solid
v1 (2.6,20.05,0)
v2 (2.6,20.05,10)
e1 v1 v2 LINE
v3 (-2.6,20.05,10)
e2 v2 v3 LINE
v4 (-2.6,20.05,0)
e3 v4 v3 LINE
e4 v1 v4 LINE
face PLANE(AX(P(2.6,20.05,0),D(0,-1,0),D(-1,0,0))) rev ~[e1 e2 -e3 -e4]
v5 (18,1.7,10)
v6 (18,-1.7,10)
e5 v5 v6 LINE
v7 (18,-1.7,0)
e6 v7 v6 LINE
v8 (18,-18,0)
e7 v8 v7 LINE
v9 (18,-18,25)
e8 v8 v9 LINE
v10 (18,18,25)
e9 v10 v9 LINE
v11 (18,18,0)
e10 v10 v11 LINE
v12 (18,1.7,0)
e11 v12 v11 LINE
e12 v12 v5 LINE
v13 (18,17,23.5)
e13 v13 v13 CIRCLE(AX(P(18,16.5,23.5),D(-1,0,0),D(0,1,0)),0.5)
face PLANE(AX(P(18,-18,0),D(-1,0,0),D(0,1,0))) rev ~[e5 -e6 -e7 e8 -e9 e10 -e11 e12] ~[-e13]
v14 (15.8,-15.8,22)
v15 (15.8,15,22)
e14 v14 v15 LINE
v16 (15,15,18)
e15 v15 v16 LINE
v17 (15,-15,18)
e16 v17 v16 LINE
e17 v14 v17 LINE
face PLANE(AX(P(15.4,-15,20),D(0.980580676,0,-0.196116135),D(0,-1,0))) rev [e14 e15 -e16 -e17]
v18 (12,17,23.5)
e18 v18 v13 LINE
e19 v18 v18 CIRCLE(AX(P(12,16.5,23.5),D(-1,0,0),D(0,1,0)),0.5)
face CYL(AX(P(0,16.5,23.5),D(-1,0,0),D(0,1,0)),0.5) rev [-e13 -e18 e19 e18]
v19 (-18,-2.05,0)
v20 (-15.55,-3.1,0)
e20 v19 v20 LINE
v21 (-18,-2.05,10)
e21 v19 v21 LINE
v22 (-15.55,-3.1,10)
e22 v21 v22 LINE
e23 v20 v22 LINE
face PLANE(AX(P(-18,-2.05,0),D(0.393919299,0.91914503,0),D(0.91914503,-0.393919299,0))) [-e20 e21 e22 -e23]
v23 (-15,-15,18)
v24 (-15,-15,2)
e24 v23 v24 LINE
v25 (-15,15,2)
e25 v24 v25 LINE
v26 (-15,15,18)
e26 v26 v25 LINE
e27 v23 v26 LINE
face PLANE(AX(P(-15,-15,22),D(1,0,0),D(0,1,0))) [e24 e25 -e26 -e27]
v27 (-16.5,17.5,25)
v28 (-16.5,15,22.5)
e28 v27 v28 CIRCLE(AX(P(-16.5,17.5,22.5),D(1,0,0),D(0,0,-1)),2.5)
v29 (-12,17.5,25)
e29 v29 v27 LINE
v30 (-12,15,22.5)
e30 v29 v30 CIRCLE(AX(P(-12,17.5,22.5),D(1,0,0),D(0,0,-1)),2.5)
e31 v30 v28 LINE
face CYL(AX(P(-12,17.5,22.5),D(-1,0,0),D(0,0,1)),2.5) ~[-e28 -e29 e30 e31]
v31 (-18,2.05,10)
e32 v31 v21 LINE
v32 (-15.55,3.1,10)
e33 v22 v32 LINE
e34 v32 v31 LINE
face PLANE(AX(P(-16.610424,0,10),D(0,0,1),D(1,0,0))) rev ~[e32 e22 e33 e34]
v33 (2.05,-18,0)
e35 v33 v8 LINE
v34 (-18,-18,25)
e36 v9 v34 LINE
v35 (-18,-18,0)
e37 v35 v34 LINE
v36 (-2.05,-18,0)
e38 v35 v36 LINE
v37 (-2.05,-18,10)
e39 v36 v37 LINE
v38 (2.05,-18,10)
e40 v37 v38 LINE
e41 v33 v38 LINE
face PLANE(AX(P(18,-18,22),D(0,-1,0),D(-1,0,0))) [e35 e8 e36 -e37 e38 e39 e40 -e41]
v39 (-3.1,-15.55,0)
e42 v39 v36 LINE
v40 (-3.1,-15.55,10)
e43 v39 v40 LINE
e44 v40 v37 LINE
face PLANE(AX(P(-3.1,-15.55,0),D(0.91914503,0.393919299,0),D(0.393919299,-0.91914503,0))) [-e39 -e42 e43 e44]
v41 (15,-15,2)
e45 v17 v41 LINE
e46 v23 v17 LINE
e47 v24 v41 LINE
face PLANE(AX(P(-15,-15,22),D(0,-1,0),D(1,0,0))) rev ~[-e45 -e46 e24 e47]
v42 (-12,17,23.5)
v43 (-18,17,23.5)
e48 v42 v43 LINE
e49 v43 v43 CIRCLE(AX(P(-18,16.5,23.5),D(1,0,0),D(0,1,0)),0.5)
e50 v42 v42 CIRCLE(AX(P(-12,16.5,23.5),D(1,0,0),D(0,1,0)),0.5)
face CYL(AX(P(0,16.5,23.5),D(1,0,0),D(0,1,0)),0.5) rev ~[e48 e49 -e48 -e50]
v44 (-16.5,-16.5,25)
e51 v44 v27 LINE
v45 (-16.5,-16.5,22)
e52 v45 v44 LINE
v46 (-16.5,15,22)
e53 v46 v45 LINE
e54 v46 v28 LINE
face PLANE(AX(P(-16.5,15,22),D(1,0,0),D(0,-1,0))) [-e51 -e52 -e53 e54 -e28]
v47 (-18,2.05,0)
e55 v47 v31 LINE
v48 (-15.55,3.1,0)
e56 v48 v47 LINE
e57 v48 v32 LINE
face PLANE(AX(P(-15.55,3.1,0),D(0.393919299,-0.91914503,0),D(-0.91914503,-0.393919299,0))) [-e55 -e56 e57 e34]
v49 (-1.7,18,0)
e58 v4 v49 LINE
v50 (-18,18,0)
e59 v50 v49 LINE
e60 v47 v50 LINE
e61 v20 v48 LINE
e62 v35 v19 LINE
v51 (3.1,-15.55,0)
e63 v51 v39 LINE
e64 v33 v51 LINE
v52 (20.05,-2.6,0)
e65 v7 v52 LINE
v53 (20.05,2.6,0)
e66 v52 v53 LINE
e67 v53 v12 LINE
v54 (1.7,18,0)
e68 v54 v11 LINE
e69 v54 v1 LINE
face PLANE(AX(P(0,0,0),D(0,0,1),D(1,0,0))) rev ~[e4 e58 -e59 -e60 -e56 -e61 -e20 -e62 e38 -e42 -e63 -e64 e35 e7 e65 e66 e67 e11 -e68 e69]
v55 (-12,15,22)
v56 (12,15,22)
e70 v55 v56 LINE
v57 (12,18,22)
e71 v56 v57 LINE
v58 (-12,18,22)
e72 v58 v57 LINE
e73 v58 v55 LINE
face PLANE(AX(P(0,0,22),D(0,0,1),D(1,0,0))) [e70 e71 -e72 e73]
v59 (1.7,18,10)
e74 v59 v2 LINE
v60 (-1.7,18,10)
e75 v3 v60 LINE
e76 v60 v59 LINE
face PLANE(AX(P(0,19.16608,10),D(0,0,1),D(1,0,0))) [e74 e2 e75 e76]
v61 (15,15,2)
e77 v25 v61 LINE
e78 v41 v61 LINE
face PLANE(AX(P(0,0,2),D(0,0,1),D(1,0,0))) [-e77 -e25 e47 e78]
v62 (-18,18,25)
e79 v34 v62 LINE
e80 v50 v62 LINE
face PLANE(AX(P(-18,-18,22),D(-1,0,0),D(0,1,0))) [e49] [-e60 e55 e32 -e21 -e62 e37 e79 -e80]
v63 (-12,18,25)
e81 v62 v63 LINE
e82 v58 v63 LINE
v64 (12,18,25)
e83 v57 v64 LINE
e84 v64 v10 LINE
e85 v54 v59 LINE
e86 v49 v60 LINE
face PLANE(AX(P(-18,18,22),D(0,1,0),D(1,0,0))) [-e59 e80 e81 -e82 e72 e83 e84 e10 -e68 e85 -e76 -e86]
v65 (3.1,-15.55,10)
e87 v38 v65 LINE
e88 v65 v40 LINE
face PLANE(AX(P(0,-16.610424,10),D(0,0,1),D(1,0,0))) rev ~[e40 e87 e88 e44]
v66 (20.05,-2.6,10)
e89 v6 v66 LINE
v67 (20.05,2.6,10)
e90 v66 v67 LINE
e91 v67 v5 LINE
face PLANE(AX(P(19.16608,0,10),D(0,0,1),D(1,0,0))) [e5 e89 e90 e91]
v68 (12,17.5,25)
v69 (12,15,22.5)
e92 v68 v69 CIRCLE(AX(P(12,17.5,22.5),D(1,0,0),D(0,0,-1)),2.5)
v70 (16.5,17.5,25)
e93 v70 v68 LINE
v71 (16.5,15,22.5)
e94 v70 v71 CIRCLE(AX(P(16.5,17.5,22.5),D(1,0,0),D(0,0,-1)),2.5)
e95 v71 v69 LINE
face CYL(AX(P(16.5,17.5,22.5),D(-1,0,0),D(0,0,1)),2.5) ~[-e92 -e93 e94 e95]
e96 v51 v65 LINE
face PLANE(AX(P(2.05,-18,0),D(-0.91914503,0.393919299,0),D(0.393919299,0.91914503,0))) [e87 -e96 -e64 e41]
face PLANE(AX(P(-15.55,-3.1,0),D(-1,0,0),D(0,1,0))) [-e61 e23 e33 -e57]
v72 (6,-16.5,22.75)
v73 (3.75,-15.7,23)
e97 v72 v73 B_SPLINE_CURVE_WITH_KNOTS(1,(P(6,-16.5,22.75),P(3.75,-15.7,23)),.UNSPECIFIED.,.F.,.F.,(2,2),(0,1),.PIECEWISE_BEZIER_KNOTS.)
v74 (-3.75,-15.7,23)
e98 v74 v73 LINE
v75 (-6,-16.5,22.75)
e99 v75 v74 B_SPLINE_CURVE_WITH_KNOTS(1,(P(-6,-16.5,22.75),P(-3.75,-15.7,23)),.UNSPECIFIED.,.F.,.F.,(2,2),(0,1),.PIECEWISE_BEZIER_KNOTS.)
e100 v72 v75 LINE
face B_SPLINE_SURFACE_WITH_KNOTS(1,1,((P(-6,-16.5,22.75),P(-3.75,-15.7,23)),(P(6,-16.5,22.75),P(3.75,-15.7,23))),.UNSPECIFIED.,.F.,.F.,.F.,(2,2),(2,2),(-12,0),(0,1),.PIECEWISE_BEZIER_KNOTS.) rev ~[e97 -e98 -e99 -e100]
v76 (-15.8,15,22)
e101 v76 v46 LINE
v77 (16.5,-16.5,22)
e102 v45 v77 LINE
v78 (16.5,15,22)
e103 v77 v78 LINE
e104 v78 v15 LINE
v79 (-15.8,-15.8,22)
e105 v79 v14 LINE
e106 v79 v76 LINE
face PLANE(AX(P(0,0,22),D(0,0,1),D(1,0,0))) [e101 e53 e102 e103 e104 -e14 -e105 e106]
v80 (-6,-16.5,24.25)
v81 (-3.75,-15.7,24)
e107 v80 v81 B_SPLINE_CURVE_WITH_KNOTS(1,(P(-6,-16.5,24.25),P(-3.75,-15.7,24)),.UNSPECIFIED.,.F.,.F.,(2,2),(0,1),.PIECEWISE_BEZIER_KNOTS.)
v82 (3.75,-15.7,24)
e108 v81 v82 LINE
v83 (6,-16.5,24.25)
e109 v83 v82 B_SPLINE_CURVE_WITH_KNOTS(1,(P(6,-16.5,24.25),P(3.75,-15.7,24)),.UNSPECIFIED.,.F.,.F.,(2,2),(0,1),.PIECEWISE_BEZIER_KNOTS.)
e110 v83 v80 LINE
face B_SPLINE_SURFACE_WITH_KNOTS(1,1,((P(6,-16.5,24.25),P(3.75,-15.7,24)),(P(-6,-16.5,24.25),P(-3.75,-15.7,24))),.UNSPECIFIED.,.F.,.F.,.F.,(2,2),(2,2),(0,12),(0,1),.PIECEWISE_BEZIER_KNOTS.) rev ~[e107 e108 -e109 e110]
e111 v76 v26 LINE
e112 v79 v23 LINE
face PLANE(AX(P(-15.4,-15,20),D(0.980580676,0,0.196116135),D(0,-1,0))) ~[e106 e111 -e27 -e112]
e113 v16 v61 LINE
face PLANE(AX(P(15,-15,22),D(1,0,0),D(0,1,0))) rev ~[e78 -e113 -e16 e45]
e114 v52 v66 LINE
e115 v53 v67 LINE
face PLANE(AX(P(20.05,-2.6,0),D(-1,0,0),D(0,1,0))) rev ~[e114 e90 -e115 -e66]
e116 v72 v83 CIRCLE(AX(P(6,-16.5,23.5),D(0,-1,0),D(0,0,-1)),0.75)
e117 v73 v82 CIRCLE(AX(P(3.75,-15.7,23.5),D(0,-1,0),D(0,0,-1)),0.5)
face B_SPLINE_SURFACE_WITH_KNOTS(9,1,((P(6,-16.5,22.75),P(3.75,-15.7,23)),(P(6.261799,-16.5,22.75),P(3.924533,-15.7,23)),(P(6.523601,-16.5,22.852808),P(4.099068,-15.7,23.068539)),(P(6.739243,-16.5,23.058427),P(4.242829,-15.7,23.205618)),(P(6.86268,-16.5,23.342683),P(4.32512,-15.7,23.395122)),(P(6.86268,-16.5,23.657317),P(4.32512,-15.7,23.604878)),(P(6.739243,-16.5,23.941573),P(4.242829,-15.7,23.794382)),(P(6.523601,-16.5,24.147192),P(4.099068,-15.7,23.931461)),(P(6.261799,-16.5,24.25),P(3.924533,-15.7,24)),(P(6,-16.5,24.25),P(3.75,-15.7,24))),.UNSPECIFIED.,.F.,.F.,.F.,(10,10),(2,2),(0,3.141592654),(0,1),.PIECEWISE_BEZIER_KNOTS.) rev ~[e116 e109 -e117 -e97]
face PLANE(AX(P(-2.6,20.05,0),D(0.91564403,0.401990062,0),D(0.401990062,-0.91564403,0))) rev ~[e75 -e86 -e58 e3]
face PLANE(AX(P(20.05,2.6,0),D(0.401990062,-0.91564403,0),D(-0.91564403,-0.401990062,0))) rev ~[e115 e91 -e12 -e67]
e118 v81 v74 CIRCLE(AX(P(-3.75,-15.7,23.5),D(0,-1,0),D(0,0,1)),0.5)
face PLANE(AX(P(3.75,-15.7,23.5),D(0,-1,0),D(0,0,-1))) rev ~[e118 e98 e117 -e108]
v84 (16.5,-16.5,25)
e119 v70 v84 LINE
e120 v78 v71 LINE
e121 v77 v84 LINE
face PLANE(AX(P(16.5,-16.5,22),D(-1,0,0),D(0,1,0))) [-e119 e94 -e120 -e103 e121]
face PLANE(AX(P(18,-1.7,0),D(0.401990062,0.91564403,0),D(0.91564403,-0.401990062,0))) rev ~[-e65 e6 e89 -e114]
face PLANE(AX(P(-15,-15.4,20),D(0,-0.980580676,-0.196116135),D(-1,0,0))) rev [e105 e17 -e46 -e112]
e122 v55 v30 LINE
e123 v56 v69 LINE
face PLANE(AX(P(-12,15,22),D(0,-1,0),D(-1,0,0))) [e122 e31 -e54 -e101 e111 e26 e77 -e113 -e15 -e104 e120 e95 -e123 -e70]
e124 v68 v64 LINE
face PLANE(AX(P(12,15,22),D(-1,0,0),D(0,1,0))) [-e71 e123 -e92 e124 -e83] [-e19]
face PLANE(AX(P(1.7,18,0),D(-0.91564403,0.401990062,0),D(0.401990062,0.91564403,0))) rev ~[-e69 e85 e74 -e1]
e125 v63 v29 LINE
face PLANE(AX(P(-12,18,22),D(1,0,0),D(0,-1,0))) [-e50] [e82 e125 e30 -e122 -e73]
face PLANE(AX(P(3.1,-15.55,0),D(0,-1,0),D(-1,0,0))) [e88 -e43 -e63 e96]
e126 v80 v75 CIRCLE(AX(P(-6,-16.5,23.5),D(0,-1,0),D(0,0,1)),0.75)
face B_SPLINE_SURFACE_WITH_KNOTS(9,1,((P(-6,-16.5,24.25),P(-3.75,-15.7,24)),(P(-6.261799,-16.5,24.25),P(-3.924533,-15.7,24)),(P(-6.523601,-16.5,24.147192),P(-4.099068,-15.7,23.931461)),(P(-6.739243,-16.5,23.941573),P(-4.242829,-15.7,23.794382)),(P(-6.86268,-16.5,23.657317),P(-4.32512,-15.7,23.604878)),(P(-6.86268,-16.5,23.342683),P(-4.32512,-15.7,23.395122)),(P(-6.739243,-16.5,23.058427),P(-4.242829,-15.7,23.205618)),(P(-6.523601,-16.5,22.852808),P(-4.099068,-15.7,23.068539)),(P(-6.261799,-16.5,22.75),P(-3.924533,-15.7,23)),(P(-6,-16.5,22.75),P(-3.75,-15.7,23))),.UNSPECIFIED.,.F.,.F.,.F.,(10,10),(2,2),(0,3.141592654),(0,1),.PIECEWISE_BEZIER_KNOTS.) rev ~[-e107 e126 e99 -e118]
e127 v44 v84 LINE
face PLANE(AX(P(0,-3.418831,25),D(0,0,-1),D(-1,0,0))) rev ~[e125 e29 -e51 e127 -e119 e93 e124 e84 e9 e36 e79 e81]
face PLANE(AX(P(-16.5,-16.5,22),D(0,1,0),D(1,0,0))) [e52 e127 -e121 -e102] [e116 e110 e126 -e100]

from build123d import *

# Parameters (mm, degrees)
SKETCH_W             = 36
SKETCH_H             = 36
PAD_DEPTH            = 22
PAD001_DEPTH         = 10
POCKET_DEPTH         = 10
SKETCH004_W          = 30
SKETCH004_H          = 30
POCKET001_DEPTH      = 20
PAD002_DEPTH         = 3
SKETCH006_R          = 0.5
POCKET002_DEPTH      = 18.001
POCKET002_DEPTH_BACK = 20.051
FILLET001_R          = 2.5
CHAMFER_SIZE2        = 4
CHAMFER_SIZE         = 0.8


with BuildPart() as part:
    # Sketch (on DatumPlane) → Pad (new body)
    with BuildSketch(Plane.XY):
        Rectangle(SKETCH_W, SKETCH_H)
    extrude(amount=PAD_DEPTH)

    # Sketch001 (on DatumPlane) → Pad001 (join)
    with BuildSketch(Plane.XY):
        Polygon((-1.7, 18), (1.7, 18), (2.6, 20.05), (-2.6, 20.05), align=None)
        Polygon((18, 1.7), (18, -1.7), (20.05, -2.6), (20.05, 2.6), align=None)
    extrude(amount=PAD001_DEPTH)

    # Sketch003 (on DatumPlane) → Pocket (cut)
    with BuildSketch(Plane.XY):
        Polygon((-2.05, -18), (2.05, -18), (3.1, -15.55), (-3.1, -15.55), align=None)
        Polygon((-18, 2.05), (-18, -2.05), (-15.55, -3.1), (-15.55, 3.1), align=None)
    extrude(amount=POCKET_DEPTH, mode=Mode.SUBTRACT)

    # Sketch004 (on DatumPlane) → Pocket001 (cut)
    with BuildSketch(Plane.XY.offset(22)):
        Rectangle(SKETCH004_W, SKETCH004_H)
    extrude(amount=-POCKET001_DEPTH, mode=Mode.SUBTRACT)

    # Sketch005 (on DatumPlane) → Pad002 (join)
    with BuildSketch(Plane.XY.offset(22)):
        Polygon((-18, 18), (-12, 18), (-12, 15), (-16.5, 15), (-16.5, -16.5), (16.5, -16.5), (16.5, 15), (12, 15), (12, 18), (18, 18), (18, -18), (-18, -18), align=None)
    extrude(amount=PAD002_DEPTH)

    # Sketch006 (on DatumPlane) → Pocket002 (cut, two sides)
    with BuildSketch(Plane.YZ) as pocket002_sk:
        with Locations((16.5, 23.5)):
            Circle(SKETCH006_R)
    extrude(amount=-POCKET002_DEPTH, mode=Mode.SUBTRACT)
    extrude(pocket002_sk.sketch, amount=POCKET002_DEPTH_BACK, mode=Mode.SUBTRACT)

    # Sketch007 (on DatumPlane) → AdditiveLoft section 0
    with BuildSketch(Plane(origin=(0, -16.5, 0), x_dir=(-1, 0, 0), z_dir=(0, -1, 0))):
        with BuildLine():
            ThreePointArc((-6, -22.75), (-6.75, -23.5), (-6, -24.25))
            Line((-6, -24.25), (6, -24.25))
            ThreePointArc((6, -24.25), (6.75, -23.5), (6, -22.75))
            Line((-6, -22.75), (6, -22.75))
        make_face()
    # Sketch008 (on DatumPlane) → AdditiveLoft section 1
    with BuildSketch(Plane.XZ.offset(15.7)):
        with BuildLine():
            ThreePointArc((-3.75, 24), (-4.25, 23.5), (-3.75, 23))
            Line((-3.75, 23), (3.75, 23))
            ThreePointArc((3.75, 23), (4.25, 23.5), (3.75, 24))
            Line((-3.75, 24), (3.75, 24))
        make_face()
    loft()

    # Fillet001
    fillet001_edges = [part.edges().sort_by_distance(p)[0] for p in [
        (-14.25, 15, 25),
        (14.25, 15, 25),
    ]]
    fillet(fillet001_edges, radius=FILLET001_R)

    # Chamfer
    chamfer_edges = [part.edges().sort_by_distance(p)[0] for p in [
        (15, 0, 22),
        (0, -15, 22),
        (-15, 0, 22),
    ]]
    chamfer_side = part.faces().sort_by_distance((-15.75, 14.543793, 22))[0]
    chamfer(chamfer_edges, length=CHAMFER_SIZE, length2=CHAMFER_SIZE2, reference=chamfer_side)


solid = part.part
